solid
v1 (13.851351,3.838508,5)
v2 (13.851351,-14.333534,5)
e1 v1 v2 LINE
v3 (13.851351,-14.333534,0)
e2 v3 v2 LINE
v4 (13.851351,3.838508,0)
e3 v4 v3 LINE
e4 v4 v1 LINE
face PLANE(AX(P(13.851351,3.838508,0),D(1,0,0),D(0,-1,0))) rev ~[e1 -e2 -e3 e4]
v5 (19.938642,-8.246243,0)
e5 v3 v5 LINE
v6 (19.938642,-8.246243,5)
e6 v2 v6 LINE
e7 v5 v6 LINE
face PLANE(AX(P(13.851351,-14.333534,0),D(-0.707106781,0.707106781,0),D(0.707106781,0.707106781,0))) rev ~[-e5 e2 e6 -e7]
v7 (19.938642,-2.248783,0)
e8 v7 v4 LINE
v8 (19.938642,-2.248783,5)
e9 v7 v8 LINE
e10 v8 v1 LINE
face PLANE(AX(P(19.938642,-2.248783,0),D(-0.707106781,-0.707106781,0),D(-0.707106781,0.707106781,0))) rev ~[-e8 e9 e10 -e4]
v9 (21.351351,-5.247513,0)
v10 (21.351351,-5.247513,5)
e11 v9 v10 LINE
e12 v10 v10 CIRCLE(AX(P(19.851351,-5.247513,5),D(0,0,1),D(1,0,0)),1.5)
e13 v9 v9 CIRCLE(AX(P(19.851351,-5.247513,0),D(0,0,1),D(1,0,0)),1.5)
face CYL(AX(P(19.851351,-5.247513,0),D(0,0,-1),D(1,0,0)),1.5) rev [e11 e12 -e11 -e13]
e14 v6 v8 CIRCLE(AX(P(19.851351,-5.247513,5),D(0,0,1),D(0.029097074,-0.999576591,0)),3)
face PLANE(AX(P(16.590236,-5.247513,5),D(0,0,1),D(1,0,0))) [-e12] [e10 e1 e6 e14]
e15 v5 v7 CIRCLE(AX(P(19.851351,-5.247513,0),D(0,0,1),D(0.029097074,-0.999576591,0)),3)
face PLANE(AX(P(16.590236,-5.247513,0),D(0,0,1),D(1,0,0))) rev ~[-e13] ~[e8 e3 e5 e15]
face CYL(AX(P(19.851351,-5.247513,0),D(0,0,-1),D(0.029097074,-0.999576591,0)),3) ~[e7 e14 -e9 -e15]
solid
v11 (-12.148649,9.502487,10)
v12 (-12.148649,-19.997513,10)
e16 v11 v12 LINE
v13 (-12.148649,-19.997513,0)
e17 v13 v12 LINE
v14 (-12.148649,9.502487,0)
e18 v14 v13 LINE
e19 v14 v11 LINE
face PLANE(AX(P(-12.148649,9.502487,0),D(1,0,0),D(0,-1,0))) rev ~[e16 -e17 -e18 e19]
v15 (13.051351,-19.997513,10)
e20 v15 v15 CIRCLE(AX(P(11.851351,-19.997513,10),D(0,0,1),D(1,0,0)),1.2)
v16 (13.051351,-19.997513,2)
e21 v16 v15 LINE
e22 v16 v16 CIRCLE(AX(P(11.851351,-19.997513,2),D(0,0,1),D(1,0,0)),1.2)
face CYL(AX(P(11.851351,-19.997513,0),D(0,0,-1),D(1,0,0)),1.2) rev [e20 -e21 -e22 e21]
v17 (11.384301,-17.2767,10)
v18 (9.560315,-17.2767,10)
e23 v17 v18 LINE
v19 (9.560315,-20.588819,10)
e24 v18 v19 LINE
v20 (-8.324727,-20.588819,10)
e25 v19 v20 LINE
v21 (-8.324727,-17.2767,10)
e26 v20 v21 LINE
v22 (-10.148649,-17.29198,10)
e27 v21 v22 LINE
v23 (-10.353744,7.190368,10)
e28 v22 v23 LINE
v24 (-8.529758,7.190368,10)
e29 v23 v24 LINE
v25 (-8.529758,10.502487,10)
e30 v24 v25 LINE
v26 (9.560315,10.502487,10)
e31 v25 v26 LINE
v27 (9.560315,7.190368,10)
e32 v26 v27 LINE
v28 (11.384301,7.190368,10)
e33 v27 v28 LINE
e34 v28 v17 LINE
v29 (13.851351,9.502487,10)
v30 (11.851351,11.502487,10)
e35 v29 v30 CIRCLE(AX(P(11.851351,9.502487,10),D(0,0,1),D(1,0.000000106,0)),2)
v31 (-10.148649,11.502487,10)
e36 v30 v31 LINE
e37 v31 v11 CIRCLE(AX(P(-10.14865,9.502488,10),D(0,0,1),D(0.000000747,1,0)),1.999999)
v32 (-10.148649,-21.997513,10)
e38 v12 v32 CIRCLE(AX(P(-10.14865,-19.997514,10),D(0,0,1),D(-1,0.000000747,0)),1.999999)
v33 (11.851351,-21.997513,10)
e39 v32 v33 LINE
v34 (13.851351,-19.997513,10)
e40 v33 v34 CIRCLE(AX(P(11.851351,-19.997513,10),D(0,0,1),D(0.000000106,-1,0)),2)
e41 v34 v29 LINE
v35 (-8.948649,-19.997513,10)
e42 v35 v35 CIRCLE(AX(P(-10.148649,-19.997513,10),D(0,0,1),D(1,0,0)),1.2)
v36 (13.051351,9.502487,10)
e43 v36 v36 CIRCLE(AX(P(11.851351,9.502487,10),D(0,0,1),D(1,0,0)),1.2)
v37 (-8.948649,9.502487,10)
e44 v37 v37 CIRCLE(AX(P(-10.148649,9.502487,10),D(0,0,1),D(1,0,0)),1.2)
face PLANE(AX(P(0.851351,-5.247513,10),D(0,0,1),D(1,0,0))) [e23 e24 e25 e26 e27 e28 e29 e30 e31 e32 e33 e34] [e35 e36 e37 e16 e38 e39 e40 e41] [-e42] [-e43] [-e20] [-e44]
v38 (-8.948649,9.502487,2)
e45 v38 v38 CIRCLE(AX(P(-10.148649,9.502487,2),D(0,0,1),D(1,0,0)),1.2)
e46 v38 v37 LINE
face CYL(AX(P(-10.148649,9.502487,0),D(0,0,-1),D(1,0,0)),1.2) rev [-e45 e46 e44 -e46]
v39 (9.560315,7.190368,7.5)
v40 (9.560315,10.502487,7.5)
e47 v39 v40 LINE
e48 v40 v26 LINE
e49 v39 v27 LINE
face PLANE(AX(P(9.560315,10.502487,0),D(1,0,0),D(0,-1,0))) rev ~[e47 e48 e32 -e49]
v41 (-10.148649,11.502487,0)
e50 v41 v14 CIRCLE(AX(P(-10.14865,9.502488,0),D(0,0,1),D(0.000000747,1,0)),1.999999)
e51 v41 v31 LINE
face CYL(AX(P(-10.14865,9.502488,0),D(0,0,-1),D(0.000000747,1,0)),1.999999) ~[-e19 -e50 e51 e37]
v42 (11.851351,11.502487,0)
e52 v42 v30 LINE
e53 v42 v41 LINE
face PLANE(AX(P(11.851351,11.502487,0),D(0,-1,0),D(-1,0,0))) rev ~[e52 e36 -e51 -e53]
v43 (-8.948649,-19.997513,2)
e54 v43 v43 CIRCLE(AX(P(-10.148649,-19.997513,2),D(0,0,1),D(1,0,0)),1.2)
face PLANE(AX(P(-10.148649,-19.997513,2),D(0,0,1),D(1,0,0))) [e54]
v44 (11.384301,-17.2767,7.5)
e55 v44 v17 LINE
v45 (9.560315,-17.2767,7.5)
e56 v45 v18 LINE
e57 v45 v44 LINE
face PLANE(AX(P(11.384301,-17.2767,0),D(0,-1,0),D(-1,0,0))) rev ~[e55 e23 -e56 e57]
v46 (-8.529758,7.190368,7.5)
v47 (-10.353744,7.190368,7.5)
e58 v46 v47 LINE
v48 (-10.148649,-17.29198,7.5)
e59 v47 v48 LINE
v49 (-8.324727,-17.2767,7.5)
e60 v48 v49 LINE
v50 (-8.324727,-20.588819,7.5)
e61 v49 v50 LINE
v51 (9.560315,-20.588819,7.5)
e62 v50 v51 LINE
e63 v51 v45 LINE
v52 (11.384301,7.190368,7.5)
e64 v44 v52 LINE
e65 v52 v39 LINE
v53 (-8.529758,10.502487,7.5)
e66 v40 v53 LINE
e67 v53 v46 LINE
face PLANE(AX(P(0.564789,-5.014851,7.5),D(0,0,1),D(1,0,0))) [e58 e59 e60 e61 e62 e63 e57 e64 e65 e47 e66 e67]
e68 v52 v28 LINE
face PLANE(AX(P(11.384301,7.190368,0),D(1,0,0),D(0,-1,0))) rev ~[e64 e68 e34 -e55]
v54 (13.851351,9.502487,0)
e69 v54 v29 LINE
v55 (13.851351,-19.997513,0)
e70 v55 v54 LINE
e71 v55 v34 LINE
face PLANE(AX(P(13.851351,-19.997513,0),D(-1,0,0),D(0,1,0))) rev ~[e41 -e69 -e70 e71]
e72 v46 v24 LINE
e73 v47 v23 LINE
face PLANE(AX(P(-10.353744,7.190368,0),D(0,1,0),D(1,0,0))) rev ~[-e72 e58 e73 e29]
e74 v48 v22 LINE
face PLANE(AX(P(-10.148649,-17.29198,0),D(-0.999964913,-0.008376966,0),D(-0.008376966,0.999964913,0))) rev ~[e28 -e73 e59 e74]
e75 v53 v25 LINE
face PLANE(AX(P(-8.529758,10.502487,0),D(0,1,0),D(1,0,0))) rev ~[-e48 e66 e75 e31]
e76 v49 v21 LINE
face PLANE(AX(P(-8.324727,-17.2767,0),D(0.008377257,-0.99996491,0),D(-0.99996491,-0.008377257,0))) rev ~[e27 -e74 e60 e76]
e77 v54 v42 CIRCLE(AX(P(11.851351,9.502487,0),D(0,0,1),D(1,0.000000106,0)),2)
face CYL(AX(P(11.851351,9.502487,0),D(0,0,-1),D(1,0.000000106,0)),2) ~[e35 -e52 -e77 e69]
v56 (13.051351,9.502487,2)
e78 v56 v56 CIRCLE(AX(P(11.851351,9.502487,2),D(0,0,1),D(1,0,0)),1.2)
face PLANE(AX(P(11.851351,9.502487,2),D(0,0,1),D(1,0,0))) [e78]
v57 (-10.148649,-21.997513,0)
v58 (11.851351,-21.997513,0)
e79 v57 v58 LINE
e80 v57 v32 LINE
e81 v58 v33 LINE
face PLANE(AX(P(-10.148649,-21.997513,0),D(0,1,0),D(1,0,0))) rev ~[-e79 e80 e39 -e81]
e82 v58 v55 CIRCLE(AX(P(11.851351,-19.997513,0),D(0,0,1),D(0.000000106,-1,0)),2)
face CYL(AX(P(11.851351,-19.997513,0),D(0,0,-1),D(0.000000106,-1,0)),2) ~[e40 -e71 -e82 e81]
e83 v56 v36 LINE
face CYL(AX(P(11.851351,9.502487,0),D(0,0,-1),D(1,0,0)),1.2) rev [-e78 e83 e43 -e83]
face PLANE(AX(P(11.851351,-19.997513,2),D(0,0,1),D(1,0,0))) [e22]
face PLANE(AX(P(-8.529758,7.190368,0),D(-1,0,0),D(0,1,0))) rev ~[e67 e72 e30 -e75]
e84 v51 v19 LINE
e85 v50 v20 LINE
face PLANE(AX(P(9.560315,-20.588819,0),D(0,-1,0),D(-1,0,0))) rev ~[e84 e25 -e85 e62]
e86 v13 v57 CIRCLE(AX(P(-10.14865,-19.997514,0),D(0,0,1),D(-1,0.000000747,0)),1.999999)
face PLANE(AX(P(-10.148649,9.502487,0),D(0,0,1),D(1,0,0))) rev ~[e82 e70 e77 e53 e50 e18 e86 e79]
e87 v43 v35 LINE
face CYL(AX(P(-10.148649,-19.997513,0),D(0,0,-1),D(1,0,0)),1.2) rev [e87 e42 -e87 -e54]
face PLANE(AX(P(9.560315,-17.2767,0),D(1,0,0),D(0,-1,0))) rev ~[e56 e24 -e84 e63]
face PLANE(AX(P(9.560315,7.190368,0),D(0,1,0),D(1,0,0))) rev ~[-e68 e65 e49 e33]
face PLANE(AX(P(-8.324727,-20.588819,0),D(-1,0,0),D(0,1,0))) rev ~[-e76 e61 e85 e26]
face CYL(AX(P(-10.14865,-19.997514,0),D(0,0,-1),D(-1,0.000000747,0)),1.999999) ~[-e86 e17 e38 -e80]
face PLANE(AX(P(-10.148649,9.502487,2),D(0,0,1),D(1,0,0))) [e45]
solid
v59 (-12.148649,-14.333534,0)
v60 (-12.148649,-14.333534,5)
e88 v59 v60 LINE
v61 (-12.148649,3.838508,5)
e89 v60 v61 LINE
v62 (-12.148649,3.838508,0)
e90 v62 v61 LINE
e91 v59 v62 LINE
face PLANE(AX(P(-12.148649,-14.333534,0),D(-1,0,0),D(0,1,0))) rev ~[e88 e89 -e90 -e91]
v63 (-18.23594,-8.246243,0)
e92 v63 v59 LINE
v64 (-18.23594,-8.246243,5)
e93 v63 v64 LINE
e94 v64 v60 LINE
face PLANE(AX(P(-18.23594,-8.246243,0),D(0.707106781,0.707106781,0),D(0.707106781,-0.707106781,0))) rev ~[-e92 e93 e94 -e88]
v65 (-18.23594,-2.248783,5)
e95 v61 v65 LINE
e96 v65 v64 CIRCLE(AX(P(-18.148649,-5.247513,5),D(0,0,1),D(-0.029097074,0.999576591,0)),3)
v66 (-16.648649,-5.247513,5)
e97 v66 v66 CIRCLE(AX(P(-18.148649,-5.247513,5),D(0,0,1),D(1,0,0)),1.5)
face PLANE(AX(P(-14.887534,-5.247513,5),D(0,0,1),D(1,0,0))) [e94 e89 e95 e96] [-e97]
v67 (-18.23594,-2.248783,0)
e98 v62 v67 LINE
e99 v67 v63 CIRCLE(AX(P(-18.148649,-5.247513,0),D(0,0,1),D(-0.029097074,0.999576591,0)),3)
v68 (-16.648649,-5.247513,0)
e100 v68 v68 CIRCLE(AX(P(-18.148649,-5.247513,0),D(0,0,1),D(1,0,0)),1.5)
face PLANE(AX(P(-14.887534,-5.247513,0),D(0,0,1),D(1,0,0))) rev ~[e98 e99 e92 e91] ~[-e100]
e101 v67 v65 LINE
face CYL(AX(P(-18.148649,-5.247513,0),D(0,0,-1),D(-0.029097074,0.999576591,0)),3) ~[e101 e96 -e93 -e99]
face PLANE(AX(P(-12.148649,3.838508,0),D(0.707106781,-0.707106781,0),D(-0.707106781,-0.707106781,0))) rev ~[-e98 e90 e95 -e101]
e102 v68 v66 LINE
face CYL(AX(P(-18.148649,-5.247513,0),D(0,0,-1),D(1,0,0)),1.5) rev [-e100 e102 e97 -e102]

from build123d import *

# Parameters (mm, degrees)
F0_R     = 1.5
F1_DEPTH = 5
F0_R_2   = 1.2
F2_DEPTH = 10
F3_DEPTH = 7.5
F4_DEPTH = 2


with BuildPart() as f1:
    # F0 (on Top) → F1 (new body)
    with BuildSketch(Plane.XY):
        with BuildLine():
            Line((-12.148649, -14.333534), (-12.148649, 3.838508))
            Line((-12.148649, 3.838508), (-18.23594, -2.248783))
            ThreePointArc((-18.23594, -2.248783), (-21.148649, -5.247513), (-18.23594, -8.246243))
            Line((-18.23594, -8.246243), (-12.148649, -14.333534))
        make_face()
        with Locations((-18.148649, -5.247513)):
            Circle(F0_R, mode=Mode.SUBTRACT)
        with BuildLine():
            Line((19.938642, -2.248783), (13.851351, 3.838508))
            Line((13.851351, 3.838508), (13.851351, -14.333534))
            Line((13.851351, -14.333534), (19.938642, -8.246243))
            ThreePointArc((19.938642, -8.246243), (22.851351, -5.247513), (19.938642, -2.248783))
        make_face()
        with Locations((19.851351, -5.247513)):
            Circle(F0_R, mode=Mode.SUBTRACT)
    extrude(amount=F1_DEPTH)


with BuildPart() as f2:
    # F0 (on Top) → F2 (new body)
    with BuildSketch(Plane.XY):
        with BuildLine():
            Line((11.851351, 11.502487), (-10.148649, 11.502487))
            ThreePointArc((-10.148649, 11.502487), (-11.562863, 10.916701), (-12.148649, 9.502487))
            Line((-12.148649, 9.502487), (-12.148649, 3.838508))
            Line((-12.148649, 3.838508), (-12.148649, -14.333534))
            Line((-12.148649, -14.333534), (-12.148649, -19.997513))
            ThreePointArc((-12.148649, -19.997513), (-11.562863, -21.411727), (-10.148649, -21.997513))
            Line((-10.148649, -21.997513), (11.851351, -21.997513))
            ThreePointArc((11.851351, -21.997513), (13.265564, -21.411727), (13.851351, -19.997513))
            Line((13.851351, -19.997513), (13.851351, -14.333534))
            Line((13.851351, -14.333534), (13.851351, 3.838508))
            Line((13.851351, 3.838508), (13.851351, 9.502487))
            ThreePointArc((13.851351, 9.502487), (13.265564, 10.916701), (11.851351, 11.502487))
        make_face()
        with Locations((-10.148649, -19.997513)):
            Circle(F0_R_2, mode=Mode.SUBTRACT)
        with Locations((11.851351, -19.997513)):
            Circle(F0_R_2, mode=Mode.SUBTRACT)
        Polygon((-8.529758, 7.190368), (-8.529758, 10.502487), (9.560315, 10.502487), (9.560315, 7.190368), (11.384301, 7.190368), (11.384301, -17.2767), (9.560315, -17.2767), (9.560315, -20.588819), (-8.324727, -20.588819), (-8.324727, -17.2767), (-10.148649, -17.29198), (-10.353744, 7.190368), align=None, mode=Mode.SUBTRACT)
        with Locations((-10.148649, 9.502487)):
            Circle(F0_R_2, mode=Mode.SUBTRACT)
        with Locations((11.851351, 9.502487)):
            Circle(F0_R_2, mode=Mode.SUBTRACT)
    extrude(amount=F2_DEPTH)

    # F0 (on Top) → F3 (join)
    with BuildSketch(Plane.XY):
        Polygon((9.560315, 10.502487), (-8.529758, 10.502487), (-8.529758, 7.190368), (-10.353744, 7.190368), (-10.148649, -17.29198), (-8.324727, -17.2767), (-8.324727, -20.588819), (9.560315, -20.588819), (9.560315, -17.2767), (11.384301, -17.2767), (11.384301, 7.190368), (9.560315, 7.190368), align=None)
    extrude(amount=F3_DEPTH)

    # F0 (on Top) → F4 (join)
    with BuildSketch(Plane.XY):
        with Locations((-10.148649, 9.502487)):
            Circle(F0_R_2)
        with Locations((11.851351, 9.502487)):
            Circle(F0_R_2)
        with Locations((11.851351, -19.997513)):
            Circle(F0_R_2)
        with Locations((-10.148649, -19.997513)):
            Circle(F0_R_2)
    extrude(amount=F4_DEPTH)


solid = Compound([f1.part, f2.part])
